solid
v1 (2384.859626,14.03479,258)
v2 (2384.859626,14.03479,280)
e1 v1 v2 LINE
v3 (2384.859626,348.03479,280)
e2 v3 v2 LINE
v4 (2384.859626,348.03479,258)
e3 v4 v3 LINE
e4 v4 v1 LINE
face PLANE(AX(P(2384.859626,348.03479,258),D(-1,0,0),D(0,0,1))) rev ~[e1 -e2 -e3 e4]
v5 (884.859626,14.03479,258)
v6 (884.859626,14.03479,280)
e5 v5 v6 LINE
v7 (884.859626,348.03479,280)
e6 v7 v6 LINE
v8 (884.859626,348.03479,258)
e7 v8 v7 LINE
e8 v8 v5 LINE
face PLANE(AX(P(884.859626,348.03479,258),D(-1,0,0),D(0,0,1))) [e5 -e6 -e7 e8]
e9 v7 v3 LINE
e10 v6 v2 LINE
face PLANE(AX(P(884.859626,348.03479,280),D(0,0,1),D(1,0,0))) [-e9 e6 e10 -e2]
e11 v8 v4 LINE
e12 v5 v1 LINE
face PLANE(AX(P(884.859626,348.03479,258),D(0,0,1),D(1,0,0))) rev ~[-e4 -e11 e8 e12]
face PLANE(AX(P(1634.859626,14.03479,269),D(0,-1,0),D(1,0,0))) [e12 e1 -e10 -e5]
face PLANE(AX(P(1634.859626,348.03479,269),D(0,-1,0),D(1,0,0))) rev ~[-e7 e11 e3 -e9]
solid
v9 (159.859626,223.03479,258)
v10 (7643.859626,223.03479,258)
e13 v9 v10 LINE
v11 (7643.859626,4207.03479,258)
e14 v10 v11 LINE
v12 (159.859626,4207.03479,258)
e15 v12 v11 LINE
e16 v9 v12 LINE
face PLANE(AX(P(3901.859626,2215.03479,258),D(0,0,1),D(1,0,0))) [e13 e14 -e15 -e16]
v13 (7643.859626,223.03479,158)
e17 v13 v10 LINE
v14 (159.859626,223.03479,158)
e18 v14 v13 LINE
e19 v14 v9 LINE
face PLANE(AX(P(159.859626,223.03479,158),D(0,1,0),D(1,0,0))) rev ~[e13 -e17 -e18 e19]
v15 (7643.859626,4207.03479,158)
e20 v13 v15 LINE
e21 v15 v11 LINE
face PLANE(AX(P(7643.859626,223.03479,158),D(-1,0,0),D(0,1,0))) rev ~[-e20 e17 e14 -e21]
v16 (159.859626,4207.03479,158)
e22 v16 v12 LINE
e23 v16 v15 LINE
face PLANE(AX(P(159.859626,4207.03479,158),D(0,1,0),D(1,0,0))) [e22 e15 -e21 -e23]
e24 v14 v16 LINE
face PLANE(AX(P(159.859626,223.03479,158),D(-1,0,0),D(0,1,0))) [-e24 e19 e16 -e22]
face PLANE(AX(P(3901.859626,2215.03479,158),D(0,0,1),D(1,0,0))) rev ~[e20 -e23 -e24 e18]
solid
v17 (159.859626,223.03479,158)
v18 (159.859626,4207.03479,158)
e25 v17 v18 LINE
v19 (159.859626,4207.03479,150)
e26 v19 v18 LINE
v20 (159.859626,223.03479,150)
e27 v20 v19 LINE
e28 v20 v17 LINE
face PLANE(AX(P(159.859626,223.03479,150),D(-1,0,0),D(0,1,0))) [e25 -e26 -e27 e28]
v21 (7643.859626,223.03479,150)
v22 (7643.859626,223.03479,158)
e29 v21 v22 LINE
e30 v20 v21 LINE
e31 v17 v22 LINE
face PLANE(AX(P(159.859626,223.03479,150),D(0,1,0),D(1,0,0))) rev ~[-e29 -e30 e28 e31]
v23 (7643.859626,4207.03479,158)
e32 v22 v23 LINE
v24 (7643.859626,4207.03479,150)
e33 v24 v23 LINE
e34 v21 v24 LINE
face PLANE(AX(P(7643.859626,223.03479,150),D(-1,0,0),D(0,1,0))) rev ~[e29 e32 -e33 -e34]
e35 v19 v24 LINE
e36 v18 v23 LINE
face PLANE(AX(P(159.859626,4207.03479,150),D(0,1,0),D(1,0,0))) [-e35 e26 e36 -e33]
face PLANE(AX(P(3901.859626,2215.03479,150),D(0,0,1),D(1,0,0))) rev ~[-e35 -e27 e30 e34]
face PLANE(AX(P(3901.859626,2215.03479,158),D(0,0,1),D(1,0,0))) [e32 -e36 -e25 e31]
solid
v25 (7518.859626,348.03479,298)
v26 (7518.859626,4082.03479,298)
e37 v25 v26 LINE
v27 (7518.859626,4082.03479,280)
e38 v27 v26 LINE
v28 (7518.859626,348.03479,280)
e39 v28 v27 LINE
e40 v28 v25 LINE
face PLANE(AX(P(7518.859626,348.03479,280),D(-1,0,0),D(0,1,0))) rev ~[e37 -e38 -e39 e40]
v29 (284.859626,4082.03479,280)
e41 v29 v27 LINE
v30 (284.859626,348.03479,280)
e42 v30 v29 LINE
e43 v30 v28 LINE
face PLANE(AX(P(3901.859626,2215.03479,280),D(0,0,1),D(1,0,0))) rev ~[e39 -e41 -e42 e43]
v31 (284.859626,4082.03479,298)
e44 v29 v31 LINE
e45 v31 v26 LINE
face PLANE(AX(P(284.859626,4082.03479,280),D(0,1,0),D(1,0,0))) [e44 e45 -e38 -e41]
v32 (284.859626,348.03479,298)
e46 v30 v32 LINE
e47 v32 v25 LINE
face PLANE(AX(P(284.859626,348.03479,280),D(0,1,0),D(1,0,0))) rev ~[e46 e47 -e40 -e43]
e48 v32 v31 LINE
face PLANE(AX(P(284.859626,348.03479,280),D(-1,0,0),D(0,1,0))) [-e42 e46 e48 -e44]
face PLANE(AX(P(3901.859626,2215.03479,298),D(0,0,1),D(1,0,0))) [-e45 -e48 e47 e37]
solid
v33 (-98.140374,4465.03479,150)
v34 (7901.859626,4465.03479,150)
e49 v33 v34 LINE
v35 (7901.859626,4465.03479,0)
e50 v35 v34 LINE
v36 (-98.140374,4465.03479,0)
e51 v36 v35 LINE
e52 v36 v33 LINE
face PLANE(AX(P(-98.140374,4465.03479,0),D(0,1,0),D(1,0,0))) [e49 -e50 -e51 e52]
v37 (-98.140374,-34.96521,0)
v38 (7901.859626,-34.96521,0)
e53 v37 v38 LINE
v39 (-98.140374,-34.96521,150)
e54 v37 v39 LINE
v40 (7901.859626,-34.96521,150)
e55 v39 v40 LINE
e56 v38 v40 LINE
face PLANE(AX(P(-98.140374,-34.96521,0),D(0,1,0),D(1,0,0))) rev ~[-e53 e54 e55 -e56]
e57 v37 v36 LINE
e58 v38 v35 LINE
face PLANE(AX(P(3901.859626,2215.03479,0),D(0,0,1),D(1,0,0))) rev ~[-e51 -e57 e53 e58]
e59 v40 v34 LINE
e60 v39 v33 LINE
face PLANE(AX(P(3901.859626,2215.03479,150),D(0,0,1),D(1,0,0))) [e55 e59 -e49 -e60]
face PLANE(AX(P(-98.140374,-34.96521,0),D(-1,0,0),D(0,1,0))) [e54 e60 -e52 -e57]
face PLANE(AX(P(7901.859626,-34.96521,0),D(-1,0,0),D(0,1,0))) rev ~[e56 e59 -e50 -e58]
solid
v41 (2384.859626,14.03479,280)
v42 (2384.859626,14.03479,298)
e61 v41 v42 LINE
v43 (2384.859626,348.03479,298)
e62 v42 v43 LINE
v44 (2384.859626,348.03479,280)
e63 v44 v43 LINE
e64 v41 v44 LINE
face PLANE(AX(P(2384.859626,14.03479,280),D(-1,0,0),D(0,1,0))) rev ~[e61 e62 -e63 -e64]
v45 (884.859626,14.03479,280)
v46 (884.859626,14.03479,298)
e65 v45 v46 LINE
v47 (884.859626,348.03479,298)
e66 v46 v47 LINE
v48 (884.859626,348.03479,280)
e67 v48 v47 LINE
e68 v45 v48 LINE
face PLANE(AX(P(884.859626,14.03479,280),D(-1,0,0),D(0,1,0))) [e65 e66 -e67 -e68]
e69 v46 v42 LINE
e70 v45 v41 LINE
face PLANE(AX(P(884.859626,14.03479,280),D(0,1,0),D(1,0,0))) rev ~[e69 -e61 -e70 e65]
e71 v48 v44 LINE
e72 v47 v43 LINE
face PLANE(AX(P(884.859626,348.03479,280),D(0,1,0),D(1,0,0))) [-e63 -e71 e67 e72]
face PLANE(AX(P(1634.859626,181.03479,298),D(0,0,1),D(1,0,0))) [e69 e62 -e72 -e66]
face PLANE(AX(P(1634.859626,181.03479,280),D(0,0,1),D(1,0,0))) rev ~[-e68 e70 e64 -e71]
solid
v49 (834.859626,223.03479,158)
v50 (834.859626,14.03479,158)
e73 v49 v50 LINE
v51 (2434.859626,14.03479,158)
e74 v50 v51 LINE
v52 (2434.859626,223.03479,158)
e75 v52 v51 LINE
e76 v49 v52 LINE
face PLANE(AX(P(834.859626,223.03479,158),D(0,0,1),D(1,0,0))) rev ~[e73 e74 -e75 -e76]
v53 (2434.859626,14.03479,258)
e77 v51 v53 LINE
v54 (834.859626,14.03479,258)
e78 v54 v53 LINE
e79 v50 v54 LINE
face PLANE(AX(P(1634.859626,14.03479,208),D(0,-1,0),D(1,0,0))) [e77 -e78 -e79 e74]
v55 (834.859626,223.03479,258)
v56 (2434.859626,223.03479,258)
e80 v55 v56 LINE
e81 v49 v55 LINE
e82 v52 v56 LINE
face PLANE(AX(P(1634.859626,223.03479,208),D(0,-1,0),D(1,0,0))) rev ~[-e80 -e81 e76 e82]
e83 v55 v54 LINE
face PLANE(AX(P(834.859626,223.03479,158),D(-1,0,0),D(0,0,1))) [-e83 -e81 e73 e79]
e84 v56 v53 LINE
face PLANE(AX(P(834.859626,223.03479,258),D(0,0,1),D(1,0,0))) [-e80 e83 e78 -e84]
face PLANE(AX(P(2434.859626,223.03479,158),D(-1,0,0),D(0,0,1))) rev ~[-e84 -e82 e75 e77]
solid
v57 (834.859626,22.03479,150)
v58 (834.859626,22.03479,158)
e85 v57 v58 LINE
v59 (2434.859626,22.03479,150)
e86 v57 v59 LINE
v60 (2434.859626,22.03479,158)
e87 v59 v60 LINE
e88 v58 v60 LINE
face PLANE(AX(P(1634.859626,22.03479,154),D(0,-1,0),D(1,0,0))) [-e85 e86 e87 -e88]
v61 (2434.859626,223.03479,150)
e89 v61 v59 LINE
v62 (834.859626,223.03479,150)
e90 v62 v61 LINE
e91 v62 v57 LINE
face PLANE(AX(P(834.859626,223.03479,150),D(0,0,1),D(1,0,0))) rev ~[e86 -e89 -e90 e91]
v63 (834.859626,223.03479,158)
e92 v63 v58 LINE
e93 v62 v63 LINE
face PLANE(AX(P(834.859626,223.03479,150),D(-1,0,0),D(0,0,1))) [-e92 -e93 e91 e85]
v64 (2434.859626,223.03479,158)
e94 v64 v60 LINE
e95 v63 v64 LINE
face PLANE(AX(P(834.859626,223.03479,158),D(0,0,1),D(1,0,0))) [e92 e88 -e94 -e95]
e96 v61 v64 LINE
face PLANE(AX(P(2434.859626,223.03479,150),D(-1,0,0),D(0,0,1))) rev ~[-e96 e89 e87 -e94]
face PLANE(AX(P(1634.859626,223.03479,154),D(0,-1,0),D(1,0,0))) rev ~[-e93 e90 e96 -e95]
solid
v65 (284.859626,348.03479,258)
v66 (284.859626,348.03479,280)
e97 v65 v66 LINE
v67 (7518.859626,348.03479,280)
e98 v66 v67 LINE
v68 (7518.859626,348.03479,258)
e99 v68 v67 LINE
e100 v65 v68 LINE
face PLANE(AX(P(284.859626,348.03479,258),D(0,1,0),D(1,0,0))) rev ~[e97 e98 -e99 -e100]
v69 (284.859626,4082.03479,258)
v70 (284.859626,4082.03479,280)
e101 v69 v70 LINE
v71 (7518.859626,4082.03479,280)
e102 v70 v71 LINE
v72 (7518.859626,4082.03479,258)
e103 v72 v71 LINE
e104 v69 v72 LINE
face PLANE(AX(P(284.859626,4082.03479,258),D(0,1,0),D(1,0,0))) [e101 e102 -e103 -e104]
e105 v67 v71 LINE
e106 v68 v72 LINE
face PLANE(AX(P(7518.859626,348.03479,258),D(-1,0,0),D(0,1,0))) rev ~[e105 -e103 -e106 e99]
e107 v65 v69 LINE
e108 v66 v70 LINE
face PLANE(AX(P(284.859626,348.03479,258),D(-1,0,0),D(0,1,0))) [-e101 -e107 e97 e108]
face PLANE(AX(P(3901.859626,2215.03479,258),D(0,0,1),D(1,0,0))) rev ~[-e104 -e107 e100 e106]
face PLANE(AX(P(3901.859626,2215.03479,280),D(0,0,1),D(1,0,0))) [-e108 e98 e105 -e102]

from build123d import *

# Parameters (mm, degrees)
F0_W      = 8000
F0_H      = 4500
F1_DEPTH  = 150
F2_W      = 7484
F2_H      = 3984
F3_DEPTH  = 8
F4_W      = 1600
F4_H      = 8
F5_DEPTH  = 201
F6_W      = 7484
F6_H      = 3984
F7_DEPTH  = 100
F8_W      = 1600
F8_H      = 100
F9_DEPTH  = 209
F10_W     = 7234
F10_H     = 3734
F11_DEPTH = 22
F12_W     = 1500
F12_H     = 22
F13_DEPTH = 334
F14_W     = 7234
F14_H     = 3734
F15_DEPTH = 18
F16_W     = 1500
F16_H     = 334
F17_DEPTH = 18


with BuildPart() as f1:
    # F0 (on Top) → F1 (new body)
    with BuildSketch(Plane.XY):
        with Locations((3901.859626174, 2215.0347903371)):
            Rectangle(F0_W, F0_H)
    extrude(amount=F1_DEPTH)


with BuildPart() as f3:
    # F2 (on face) → F3 (new body)
    with BuildSketch(Plane.XY.offset(150)):
        with Locations((3901.859626174, 2215.0347903371)):
            Rectangle(F2_W, F2_H)
    extrude(amount=F3_DEPTH)


with BuildPart() as f5:
    # F4 (on face) → F5 (new body)
    with BuildSketch(Plane.XZ.offset(-223.0347903371)):
        with Locations((1634.859626174, 154)):
            Rectangle(F4_W, F4_H)
    extrude(amount=F5_DEPTH)


with BuildPart() as f7:
    # F6 (on face) → F7 (new body)
    with BuildSketch(Plane.XY.offset(158)):
        with Locations((3901.859626174, 2215.0347903371)):
            Rectangle(F6_W, F6_H)
    extrude(amount=F7_DEPTH)


with BuildPart() as f9:
    # F8 (on face) → F9 (new body)
    with BuildSketch(Plane.XZ.offset(-223.0347903371)):
        with Locations((1634.859626174, 208)):
            Rectangle(F8_W, F8_H)
    extrude(amount=F9_DEPTH)


with BuildPart() as f11:
    # F10 (on face) → F11 (new body)
    with BuildSketch(Plane.XY.offset(258)):
        with Locations((3901.859626174, 2215.0347903371)):
            Rectangle(F10_W, F10_H)
    extrude(amount=F11_DEPTH)


with BuildPart() as f13:
    # F12 (on face) → F13 (new body)
    with BuildSketch(Plane.XZ.offset(-348.0347903371)):
        with Locations((1634.859626174, 269)):
            Rectangle(F12_W, F12_H)
    extrude(amount=F13_DEPTH)


with BuildPart() as f15:
    # F14 (on face) → F15 (new body)
    with BuildSketch(Plane.XY.offset(280)):
        with Locations((3901.859626174, 2215.0347903371)):
            Rectangle(F14_W, F14_H)
    extrude(amount=F15_DEPTH)


with BuildPart() as f17:
    # F16 (on face) → F17 (new body)
    with BuildSketch(Plane.XY.offset(280)):
        with Locations((1634.859626174, 181.0347903371)):
            Rectangle(F16_W, F16_H)
    extrude(amount=F17_DEPTH)


solid = Compound([f1.part, f3.part, f5.part, f7.part, f9.part, f11.part, f13.part, f15.part, f17.part])
